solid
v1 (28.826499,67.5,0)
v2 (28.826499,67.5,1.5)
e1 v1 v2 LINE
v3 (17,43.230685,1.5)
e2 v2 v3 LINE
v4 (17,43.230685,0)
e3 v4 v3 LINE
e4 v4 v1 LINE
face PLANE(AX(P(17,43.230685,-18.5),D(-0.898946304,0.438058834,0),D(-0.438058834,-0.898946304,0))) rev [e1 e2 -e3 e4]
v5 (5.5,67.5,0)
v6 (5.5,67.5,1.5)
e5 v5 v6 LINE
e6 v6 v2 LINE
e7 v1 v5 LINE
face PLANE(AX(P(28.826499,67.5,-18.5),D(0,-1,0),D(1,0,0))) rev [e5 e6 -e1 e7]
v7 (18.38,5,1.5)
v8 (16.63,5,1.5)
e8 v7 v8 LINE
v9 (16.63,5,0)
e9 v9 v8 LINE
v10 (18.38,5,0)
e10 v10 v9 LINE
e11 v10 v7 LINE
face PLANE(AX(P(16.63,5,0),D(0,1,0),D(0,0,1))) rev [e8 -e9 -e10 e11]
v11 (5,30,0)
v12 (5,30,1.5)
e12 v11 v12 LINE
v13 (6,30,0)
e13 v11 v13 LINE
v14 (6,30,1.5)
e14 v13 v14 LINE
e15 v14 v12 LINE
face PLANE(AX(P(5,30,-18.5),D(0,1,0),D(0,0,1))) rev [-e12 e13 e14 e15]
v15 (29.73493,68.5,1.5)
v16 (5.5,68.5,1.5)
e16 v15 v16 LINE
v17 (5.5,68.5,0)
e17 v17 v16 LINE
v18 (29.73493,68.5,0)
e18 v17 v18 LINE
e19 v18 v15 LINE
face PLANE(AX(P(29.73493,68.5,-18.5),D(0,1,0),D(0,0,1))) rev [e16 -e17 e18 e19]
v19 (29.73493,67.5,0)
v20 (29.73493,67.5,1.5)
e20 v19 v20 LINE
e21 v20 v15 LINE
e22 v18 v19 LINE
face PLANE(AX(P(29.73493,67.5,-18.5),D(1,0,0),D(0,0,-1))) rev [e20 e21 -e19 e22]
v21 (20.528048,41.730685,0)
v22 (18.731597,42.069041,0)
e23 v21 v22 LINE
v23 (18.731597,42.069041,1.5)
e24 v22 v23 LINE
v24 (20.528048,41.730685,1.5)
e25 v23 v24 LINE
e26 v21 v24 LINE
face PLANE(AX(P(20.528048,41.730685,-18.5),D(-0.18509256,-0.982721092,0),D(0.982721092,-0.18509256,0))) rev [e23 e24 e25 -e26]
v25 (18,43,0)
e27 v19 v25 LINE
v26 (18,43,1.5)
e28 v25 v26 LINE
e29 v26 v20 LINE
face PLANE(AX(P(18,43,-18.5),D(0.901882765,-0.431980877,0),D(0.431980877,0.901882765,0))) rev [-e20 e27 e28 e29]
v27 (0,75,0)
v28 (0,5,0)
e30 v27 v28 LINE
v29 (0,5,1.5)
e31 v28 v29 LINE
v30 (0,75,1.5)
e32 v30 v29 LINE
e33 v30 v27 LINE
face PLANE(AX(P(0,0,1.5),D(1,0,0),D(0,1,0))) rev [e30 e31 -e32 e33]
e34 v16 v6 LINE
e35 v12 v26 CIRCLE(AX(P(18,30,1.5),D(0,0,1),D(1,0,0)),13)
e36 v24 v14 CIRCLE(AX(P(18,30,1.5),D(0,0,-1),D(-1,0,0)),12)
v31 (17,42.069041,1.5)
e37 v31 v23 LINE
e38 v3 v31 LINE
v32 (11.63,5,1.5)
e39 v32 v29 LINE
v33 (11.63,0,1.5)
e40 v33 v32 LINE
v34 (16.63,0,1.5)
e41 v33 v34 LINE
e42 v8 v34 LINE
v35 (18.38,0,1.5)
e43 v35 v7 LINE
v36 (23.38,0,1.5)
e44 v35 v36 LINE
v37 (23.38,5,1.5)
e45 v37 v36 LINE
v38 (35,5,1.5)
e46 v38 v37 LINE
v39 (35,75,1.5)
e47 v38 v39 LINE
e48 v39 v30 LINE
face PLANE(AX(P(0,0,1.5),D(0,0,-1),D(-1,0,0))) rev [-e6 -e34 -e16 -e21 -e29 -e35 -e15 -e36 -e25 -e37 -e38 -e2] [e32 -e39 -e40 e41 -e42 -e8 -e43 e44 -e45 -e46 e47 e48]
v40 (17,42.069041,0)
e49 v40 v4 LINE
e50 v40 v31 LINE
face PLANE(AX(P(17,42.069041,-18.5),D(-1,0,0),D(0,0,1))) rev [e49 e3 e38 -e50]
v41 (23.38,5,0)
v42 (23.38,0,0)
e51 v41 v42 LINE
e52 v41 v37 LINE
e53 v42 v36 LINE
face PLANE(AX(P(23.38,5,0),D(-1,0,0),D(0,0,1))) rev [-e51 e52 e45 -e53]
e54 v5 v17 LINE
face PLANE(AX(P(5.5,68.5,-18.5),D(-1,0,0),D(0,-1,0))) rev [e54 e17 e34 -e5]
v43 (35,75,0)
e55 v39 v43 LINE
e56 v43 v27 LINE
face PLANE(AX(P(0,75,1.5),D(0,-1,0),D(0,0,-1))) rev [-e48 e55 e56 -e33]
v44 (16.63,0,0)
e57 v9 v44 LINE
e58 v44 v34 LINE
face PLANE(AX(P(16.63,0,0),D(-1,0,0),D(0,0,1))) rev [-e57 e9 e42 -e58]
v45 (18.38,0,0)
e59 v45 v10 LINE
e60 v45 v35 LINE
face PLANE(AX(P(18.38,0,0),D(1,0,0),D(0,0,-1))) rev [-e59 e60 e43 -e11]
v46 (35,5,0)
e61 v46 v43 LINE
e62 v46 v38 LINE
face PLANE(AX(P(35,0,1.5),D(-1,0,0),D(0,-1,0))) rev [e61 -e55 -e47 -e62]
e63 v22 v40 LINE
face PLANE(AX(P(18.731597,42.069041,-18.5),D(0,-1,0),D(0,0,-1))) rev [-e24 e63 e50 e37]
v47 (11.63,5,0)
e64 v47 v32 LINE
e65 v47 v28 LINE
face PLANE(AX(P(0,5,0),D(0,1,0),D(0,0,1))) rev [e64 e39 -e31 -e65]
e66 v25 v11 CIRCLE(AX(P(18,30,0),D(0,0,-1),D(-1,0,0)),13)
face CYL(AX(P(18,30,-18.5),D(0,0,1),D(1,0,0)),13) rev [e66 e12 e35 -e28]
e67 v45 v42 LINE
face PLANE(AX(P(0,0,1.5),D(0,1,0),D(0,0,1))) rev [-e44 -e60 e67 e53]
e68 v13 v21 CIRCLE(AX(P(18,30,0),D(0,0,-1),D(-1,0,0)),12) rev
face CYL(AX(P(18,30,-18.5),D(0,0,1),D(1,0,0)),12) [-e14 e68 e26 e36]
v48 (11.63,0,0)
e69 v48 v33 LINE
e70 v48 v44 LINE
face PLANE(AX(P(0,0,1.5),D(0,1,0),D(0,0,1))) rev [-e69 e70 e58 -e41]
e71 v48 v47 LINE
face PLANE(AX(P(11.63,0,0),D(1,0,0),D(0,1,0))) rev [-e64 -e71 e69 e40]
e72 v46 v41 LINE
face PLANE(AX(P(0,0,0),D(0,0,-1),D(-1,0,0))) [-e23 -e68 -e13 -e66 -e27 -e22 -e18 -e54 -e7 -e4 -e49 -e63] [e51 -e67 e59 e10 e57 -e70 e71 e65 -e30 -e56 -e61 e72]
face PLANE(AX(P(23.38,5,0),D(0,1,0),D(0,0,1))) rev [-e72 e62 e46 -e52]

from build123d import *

# Parameters (mm, degrees)
SKIZZE1_W                       = 35
SKIZZE1_H                       = 75
AUFSATZ_LINEAR_AUSTRAGEN1_DEPTH = 1.5
SKIZZE2_W                       = 11.63
SKIZZE2_H                       = 5
SKIZZE2_W_2                     = 11.62
SKIZZE2_W_3                     = 1.75
SCHNITT_LINEAR_AUSTRAGEN1_DEPTH = 1.5
SCHNITT_LINEAR_AUSTRAGEN4_DEPTH = 20


with BuildPart() as part:
    # Skizze1 → Aufsatz-Linear austragen1 (new body)
    with BuildSketch(Plane.XY):
        with Locations((17.5, 37.5)):
            Rectangle(SKIZZE1_W, SKIZZE1_H)
    extrude(amount=AUFSATZ_LINEAR_AUSTRAGEN1_DEPTH)

    # Skizze2 → Schnitt-Linear austragen1 (cut)
    with BuildSketch(Plane.XY.offset(1.5)):
        with Locations((5.815, 2.5)):
            Rectangle(SKIZZE2_W, SKIZZE2_H)
        with Locations((29.19, 2.5)):
            Rectangle(SKIZZE2_W_2, SKIZZE2_H)
        with Locations((17.505, 2.5)):
            Rectangle(SKIZZE2_W_3, SKIZZE2_H)
    extrude(amount=-SCHNITT_LINEAR_AUSTRAGEN1_DEPTH, mode=Mode.SUBTRACT)

    # Skizze9 → Schnitt-Linear austragen4 (cut)
    with BuildSketch(Plane.XY.offset(1.5)):
        with BuildLine():
            Line((18, 43), (29.734930419, 67.5))
            Line((29.734930419, 67.5), (29.734930419, 68.5))
            Line((29.734930419, 68.5), (5.5, 68.5))
            Line((5.5, 68.5), (5.5, 67.5))
            Line((5.5, 67.5), (28.826499189, 67.5))
            Line((28.826499189, 67.5), (17, 43.230685214))
            Line((17, 43.230685214), (17, 42.069041261))
            Line((17, 42.069041261), (18.731597041, 42.069041261))
            Line((18.731597041, 42.069041261), (19.547222411, 41.915420677))
            Line((19.547222411, 41.915420677), (20.52804755, 41.730685214))
            ThreePointArc((20.52804755, 41.730685214), (25.538681231, 20.663604266), (6, 30))
            Line((6, 30), (5, 30))
            ThreePointArc((5, 30), (27.192388155, 20.807611845), (18, 43))
        make_face()
    extrude(amount=-SCHNITT_LINEAR_AUSTRAGEN4_DEPTH, mode=Mode.SUBTRACT)


solid = part.part
